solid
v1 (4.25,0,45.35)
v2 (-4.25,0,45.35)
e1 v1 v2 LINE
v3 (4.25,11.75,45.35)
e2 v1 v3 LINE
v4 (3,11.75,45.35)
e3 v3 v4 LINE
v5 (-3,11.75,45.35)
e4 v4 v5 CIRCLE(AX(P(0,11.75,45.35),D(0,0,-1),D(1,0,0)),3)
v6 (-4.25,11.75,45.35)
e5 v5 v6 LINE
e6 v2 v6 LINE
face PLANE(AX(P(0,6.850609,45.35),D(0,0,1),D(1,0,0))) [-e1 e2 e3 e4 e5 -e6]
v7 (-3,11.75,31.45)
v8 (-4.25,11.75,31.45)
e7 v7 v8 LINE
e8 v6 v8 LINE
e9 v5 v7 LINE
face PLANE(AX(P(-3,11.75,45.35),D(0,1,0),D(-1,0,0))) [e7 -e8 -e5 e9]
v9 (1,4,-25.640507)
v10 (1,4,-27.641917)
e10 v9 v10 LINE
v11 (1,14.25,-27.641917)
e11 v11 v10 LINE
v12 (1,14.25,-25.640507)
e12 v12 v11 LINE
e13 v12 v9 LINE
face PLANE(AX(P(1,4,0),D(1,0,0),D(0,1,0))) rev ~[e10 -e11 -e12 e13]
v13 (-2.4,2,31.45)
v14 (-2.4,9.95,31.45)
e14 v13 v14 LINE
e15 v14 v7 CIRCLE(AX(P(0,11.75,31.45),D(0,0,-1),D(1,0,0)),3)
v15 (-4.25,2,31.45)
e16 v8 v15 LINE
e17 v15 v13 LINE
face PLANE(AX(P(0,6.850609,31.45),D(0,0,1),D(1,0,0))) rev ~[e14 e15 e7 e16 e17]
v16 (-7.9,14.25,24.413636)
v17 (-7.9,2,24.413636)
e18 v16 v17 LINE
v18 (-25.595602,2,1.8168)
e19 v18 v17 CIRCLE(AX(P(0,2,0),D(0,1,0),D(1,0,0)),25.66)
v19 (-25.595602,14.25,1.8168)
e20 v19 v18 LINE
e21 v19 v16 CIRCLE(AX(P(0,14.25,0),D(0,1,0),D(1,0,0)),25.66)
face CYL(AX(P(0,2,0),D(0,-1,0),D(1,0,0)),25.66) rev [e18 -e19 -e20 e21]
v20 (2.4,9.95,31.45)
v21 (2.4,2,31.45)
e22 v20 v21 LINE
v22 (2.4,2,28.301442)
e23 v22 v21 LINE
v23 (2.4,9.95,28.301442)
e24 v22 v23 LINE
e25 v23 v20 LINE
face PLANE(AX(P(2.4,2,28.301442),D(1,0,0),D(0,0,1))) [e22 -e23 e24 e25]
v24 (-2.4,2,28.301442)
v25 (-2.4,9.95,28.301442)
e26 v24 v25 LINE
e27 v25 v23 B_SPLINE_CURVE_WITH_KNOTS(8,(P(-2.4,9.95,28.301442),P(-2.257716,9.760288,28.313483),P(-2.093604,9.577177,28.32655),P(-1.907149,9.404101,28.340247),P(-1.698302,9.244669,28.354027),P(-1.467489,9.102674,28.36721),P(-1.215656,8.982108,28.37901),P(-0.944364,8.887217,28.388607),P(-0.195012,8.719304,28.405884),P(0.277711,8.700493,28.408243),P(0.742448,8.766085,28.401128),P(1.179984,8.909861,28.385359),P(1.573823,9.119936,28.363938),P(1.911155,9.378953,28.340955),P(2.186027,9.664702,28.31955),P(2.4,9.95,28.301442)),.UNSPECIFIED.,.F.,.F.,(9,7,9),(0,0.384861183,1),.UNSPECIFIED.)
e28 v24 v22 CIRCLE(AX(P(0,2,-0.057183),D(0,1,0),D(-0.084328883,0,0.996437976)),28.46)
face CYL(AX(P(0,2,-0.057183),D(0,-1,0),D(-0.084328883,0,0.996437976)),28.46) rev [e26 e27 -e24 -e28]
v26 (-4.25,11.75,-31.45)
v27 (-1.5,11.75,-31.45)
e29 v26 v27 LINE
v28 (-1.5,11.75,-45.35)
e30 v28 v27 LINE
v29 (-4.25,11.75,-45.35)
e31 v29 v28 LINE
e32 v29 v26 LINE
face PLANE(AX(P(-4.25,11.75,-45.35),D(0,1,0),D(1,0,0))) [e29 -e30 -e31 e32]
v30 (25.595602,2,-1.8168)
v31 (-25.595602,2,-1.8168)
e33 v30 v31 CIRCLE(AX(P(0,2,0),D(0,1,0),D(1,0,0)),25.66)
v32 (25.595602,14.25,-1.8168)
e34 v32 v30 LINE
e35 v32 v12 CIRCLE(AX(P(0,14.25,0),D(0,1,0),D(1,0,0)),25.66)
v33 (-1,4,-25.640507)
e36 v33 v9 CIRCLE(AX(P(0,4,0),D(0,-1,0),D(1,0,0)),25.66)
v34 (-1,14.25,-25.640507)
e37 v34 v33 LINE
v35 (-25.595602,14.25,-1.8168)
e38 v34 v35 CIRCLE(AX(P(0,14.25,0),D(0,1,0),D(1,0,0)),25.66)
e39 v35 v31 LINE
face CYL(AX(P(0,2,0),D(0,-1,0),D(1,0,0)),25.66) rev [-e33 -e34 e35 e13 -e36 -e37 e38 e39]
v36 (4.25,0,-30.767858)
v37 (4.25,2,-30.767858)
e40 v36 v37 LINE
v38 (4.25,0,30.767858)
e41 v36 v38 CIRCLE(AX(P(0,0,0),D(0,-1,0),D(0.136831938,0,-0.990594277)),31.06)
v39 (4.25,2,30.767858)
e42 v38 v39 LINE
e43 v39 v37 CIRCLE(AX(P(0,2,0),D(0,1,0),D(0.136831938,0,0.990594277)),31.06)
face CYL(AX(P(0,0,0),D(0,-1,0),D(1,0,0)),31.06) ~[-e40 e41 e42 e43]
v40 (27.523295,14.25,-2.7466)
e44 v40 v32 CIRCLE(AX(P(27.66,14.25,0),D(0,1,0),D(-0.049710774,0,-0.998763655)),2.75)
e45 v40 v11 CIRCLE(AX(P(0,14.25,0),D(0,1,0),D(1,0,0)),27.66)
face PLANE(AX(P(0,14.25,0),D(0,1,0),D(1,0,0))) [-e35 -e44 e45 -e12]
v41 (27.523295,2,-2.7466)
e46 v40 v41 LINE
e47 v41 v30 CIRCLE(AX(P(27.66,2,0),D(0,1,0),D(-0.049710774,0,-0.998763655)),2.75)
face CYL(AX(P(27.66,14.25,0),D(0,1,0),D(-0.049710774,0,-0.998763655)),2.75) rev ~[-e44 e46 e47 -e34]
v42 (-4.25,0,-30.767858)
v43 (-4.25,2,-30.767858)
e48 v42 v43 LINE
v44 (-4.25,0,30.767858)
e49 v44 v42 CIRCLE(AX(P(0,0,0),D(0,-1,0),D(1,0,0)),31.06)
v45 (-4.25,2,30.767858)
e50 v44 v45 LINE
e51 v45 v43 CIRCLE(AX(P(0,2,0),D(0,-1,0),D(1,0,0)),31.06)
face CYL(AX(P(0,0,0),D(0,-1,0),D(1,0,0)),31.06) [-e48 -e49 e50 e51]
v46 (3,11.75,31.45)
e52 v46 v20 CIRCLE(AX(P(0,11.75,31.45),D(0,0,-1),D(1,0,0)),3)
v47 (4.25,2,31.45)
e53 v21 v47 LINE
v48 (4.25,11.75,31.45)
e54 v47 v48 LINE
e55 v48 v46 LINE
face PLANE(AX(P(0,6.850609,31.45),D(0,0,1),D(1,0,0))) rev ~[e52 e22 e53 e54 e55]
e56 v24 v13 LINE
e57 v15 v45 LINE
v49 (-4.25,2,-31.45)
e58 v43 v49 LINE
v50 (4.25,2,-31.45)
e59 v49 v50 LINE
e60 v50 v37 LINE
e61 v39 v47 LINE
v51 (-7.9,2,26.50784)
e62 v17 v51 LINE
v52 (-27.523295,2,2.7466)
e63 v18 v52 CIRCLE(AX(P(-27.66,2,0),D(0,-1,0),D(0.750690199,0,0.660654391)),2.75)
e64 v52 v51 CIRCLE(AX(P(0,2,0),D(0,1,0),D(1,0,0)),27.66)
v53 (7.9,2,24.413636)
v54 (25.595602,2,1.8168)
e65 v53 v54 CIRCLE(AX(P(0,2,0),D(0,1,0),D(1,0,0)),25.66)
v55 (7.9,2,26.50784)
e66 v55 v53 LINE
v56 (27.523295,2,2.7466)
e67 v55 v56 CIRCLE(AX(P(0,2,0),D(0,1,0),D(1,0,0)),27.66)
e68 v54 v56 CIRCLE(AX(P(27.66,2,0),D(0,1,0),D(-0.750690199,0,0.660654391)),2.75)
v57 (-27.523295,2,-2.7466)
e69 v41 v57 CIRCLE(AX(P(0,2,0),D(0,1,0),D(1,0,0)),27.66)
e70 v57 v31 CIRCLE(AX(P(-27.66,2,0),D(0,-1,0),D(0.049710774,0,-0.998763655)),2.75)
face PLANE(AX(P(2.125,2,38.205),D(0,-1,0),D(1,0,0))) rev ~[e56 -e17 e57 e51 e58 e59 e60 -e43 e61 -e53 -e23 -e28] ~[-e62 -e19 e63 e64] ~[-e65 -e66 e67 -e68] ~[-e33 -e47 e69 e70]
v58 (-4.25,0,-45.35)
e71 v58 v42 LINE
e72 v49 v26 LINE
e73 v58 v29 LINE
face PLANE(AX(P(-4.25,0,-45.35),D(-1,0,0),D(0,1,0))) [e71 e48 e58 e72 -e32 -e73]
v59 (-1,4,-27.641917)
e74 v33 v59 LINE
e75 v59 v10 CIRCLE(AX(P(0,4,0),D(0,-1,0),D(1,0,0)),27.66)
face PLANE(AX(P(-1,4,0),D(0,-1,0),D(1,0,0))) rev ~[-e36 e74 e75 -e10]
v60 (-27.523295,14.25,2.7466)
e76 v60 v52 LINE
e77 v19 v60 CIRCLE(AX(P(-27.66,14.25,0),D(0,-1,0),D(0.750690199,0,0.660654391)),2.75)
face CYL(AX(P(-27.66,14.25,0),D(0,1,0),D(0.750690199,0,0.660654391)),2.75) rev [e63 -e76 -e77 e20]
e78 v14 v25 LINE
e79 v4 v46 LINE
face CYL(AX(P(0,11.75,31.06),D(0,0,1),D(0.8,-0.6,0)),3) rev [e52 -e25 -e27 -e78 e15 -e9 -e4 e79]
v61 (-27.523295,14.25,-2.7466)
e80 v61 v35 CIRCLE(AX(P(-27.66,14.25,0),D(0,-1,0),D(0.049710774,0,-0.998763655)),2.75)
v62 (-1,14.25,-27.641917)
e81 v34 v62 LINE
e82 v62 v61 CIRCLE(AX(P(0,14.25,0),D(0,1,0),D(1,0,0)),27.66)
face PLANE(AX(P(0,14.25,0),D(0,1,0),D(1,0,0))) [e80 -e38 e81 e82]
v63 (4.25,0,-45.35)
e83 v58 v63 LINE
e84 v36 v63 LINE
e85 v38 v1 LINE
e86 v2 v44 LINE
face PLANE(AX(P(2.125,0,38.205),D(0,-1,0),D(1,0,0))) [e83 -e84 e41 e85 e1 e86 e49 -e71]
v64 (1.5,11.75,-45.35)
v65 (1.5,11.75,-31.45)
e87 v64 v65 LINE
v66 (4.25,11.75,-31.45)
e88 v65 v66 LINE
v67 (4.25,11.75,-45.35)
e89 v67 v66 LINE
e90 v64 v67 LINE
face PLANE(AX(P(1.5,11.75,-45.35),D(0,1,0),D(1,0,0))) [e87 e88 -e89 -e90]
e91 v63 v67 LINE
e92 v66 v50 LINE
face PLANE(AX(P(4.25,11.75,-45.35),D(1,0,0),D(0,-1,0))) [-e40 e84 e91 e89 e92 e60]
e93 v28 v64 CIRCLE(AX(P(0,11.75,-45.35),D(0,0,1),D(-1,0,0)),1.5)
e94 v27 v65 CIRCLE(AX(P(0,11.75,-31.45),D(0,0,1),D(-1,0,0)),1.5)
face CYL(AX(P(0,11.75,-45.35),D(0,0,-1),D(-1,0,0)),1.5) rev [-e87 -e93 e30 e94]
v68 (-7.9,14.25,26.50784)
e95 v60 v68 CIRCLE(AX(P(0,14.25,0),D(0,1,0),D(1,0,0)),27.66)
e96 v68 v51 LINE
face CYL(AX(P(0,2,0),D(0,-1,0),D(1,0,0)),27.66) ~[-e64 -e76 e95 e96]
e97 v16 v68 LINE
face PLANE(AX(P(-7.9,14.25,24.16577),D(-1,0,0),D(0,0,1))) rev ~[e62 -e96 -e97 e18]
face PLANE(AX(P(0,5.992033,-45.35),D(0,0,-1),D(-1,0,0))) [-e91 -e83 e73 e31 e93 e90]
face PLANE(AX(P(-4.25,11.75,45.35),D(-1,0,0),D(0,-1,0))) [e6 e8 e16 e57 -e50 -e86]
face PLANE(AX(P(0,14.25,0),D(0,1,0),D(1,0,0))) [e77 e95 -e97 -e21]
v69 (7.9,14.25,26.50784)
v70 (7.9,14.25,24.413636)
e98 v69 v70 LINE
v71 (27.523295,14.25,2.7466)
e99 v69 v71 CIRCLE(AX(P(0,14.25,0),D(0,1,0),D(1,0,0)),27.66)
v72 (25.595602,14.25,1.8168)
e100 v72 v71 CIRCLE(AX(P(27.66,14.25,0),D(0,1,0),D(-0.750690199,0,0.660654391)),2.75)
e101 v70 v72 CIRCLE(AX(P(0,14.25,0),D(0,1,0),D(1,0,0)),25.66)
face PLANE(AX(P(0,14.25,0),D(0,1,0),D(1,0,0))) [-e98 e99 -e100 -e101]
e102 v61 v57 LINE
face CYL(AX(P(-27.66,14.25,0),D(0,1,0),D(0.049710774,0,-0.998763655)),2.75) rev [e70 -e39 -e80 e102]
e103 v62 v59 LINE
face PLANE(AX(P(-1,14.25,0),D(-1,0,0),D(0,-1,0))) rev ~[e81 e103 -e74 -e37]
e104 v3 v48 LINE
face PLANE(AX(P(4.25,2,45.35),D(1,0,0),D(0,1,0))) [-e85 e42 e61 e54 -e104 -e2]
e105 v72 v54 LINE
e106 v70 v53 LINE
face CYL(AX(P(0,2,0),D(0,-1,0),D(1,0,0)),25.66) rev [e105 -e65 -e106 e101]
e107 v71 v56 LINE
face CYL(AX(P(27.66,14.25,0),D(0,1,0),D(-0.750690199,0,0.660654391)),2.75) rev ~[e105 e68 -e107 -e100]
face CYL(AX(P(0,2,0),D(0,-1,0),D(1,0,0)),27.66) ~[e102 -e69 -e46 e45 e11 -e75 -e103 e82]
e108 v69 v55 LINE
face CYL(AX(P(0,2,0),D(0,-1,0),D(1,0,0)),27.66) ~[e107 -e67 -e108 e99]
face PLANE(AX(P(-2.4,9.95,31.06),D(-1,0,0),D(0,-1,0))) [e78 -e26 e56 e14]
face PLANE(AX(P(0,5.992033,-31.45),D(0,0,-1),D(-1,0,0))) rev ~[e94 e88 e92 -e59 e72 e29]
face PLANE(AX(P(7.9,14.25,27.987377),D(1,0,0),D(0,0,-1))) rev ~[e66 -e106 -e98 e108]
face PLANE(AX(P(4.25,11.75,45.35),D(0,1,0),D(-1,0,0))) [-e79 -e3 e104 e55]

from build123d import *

# Parameters (mm, degrees)
SKETCH1_R                = 31.06
BOSS_EXTRUDE1_DEPTH      = 2
SKETCH2_R                = 27.66
SKETCH2_R_2              = 25.66
BOSS_EXTRUDE2_DEPTH      = 12.25
CUT_EXTRUDE1_DEPTH       = 12.25
CUT_EXTRUDE2_DEPTH       = 6.8
BOSS_EXTRUDE5_DEPTH      = 12.25
CUT_EXTRUDE3_DEPTH       = 7.6
SKETCH9_W                = 2
SKETCH9_H                = 2
SKETCH9_H_2              = 8.25
CUT_EXTRUDE4_DEPTH       = 32.06
CUT_EXTRUDE5_DEPTH       = 12.25
SKETCH12_W               = 4.25
SKETCH12_H               = 14.29
SKETCH12_R               = 31.06
BOSS_EXTRUDE7_DEPTH      = 2
BOSS_EXTRUDE8_DEPTH      = 13.9
BOSS_EXTRUDE9_DEPTH      = 2
BOSS_EXTRUDE9_DEPTH_BACK = 2
BOSS_EXTRUDE10_DEPTH     = 13.9


with BuildPart() as part:
    # Sketch1 → Boss-Extrude1 (new body)
    with BuildSketch(Plane(origin=(0, 0, 0), x_dir=(1, 0, 0), z_dir=(0, 1, 0))):
        Circle(SKETCH1_R)
    extrude(amount=BOSS_EXTRUDE1_DEPTH)

    # Sketch2 → Boss-Extrude2 (add)
    with BuildSketch(Plane(origin=(0, 2, 0), x_dir=(1, 0, 0), z_dir=(0, 1, 0))):
        Circle(SKETCH2_R)
        Circle(SKETCH2_R_2, mode=Mode.SUBTRACT)
    extrude(amount=BOSS_EXTRUDE2_DEPTH)

    # Sketch4 → Cut-Extrude1 (cut)
    with BuildSketch(Plane(origin=(0, 14.25, 0), x_dir=(1, 0, 0), z_dir=(0, 1, 0))):
        with BuildLine():
            ThreePointArc((25.66, 0), (25.643895434, -0.90897027), (25.595601952, -1.816799576))
            ThreePointArc((25.595601952, -1.816799576), (26.465284353, -2.476924408), (27.523295372, -2.746600052))
            ThreePointArc((27.523295372, -2.746600052), (27.625802703, -1.375), (27.66, 0))
            ThreePointArc((27.66, 0), (27.625802703, 1.375), (27.523295372, 2.746600052))
            ThreePointArc((27.523295372, 2.746600052), (26.465284353, 2.476924408), (25.595601952, 1.816799576))
            ThreePointArc((25.595601952, 1.816799576), (25.643895434, 0.90897027), (25.66, 0))
        make_face()
        with BuildLine():
            ThreePointArc((-25.595601952, 1.816799576), (-25.66, 0), (-25.595601952, -1.816799576))
            ThreePointArc((-25.595601952, -1.816799576), (-26.465284353, -2.476924408), (-27.523295372, -2.746600052))
            ThreePointArc((-27.523295372, -2.746600052), (-27.66, 0), (-27.523295372, 2.746600052))
            ThreePointArc((-27.523295372, 2.746600052), (-26.465284353, 2.476924408), (-25.595601952, 1.816799576))
        make_face()
    extrude(amount=-CUT_EXTRUDE1_DEPTH, mode=Mode.SUBTRACT)

    # Sketch5 → Cut-Extrude2 (cut)
    with BuildSketch(Plane(origin=(0, 14.25, 0), x_dir=(1, 0, 0), z_dir=(0, 1, 0))):
        with BuildLine():
            Line((0, -27.66), (0, -25.66))
            ThreePointArc((0, -25.66), (-1.502578344, -25.615968815), (-3, -25.484026369))
            Line((-3, -25.484026369), (-3, -27.496828908))
            ThreePointArc((-3, -27.496828908), (-1.502217095, -27.619177102), (0, -27.66))
        make_face()
        with BuildLine():
            ThreePointArc((3, -25.484026369), (1.502578344, -25.615968815), (0, -25.66))
            Line((0, -25.66), (0, -27.66))
            ThreePointArc((0, -27.66), (1.502217095, -27.619177102), (3, -27.496828908))
            Line((3, -27.496828908), (3, -25.484026369))
        make_face()
    extrude(amount=-CUT_EXTRUDE2_DEPTH, mode=Mode.SUBTRACT)

    # Sketch7 → Boss-Extrude5 (add)
    with BuildSketch(Plane(origin=(0, 2, 0), x_dir=(1, 0, 0), z_dir=(0, 1, 0))):
        with BuildLine():
            Line((2.4, -28.301441659), (2.4, -30.96713742))
            ThreePointArc((2.4, -30.96713742), (0, -31.06), (-2.4, -30.96713742))
            Line((-2.4, -30.96713742), (-2.4, -28.301441659))
            ThreePointArc((-2.4, -28.301441659), (0, -28.402816869), (2.4, -28.301441659))
        make_face()
    extrude(amount=BOSS_EXTRUDE5_DEPTH)

    # Sketch8 → Cut-Extrude3 (cut)
    with BuildSketch(Plane.XY.offset(31.06)):
        with BuildLine():
            ThreePointArc((2.4, 13.55), (2.059119927, 13.931748181), (1.658312395, 14.25))
            Line((1.658312395, 14.25), (-1.658312395, 14.25))
            ThreePointArc((-1.658312395, 14.25), (-2.059119927, 13.931748181), (-2.4, 13.55))
            Line((-2.4, 13.55), (-2.4, 11.75))
            Line((-2.4, 11.75), (2.4, 11.75))
            Line((2.4, 11.75), (2.4, 13.55))
        make_face()
        with BuildLine():
            ThreePointArc((3, 11.75), (2.846049894, 12.698683298), (2.4, 13.55))
            Line((2.4, 13.55), (2.4, 11.75))
            Line((2.4, 11.75), (2.4, 9.95))
            ThreePointArc((2.4, 9.95), (2.846049894, 10.801316702), (3, 11.75))
        make_face()
        with BuildLine():
            Line((2.4, 9.95), (2.4, 11.75))
            Line((2.4, 11.75), (-2.4, 11.75))
            Line((-2.4, 11.75), (-2.4, 9.95))
            ThreePointArc((-2.4, 9.95), (0, 8.75), (2.4, 9.95))
        make_face()
        with BuildLine():
            Line((-2.4, 11.75), (-2.4, 13.55))
            ThreePointArc((-2.4, 13.55), (-3, 11.75), (-2.4, 9.95))
            Line((-2.4, 9.95), (-2.4, 11.75))
        make_face()
        with BuildLine():
            Line((2.4, 13.55), (2.4, 14.25))
            Line((2.4, 14.25), (1.658312395, 14.25))
            ThreePointArc((1.658312395, 14.25), (2.059119927, 13.931748181), (2.4, 13.55))
        make_face()
        with BuildLine():
            ThreePointArc((-2.4, 13.55), (-2.059119927, 13.931748181), (-1.658312395, 14.25))
            Line((-1.658312395, 14.25), (-2.4, 14.25))
            Line((-2.4, 14.25), (-2.4, 13.55))
        make_face()
    extrude(amount=-CUT_EXTRUDE3_DEPTH, mode=Mode.SUBTRACT)

    # Sketch9 → Cut-Extrude4 (cut, through all)
    with BuildSketch(Plane.XY):
        with Locations((0, 5)):
            Rectangle(SKETCH9_W, SKETCH9_H)
        with Locations((0, 10.125)):
            Rectangle(SKETCH9_W, SKETCH9_H_2)
    extrude(amount=-CUT_EXTRUDE4_DEPTH, mode=Mode.SUBTRACT)

    # Sketch11 → Cut-Extrude5 (cut)
    with BuildSketch(Plane(origin=(0, 14.25, 0), x_dir=(1, 0, 0), z_dir=(0, 1, 0))):
        with BuildLine():
            ThreePointArc((3, -27.496828908), (5.472387467, -27.113254607), (7.9, -26.50784035))
            Line((7.9, -26.50784035), (7.9, -24.413635534))
            ThreePointArc((7.9, -24.413635534), (5.476215311, -25.068838542), (3, -25.484026369))
            Line((3, -25.484026369), (3, -27.496828908))
        make_face()
        with BuildLine():
            Line((-7.9, -26.50784035), (-7.9, -27.987377494))
            Line((-7.9, -27.987377494), (7.9, -27.987377494))
            Line((7.9, -27.987377494), (7.9, -26.50784035))
            ThreePointArc((7.9, -26.50784035), (5.472387467, -27.113254607), (3, -27.496828908))
            Line((3, -27.496828908), (3, -25.484026369))
            ThreePointArc((3, -25.484026369), (5.476215311, -25.068838542), (7.9, -24.413635534))
            Line((7.9, -24.413635534), (7.9, -24.165769621))
            Line((7.9, -24.165769621), (-7.9, -24.165769621))
            Line((-7.9, -24.165769621), (-7.9, -24.413635534))
            ThreePointArc((-7.9, -24.413635534), (-5.476215311, -25.068838542), (-3, -25.484026369))
            Line((-3, -25.484026369), (-3, -27.496828908))
            ThreePointArc((-3, -27.496828908), (-5.472387467, -27.113254607), (-7.9, -26.50784035))
        make_face()
        with BuildLine():
            Line((-7.9, -24.413635534), (-7.9, -26.50784035))
            ThreePointArc((-7.9, -26.50784035), (-5.472387467, -27.113254607), (-3, -27.496828908))
            Line((-3, -27.496828908), (-3, -25.484026369))
            ThreePointArc((-3, -25.484026369), (-5.476215311, -25.068838542), (-7.9, -24.413635534))
        make_face()
    extrude(amount=-CUT_EXTRUDE5_DEPTH, mode=Mode.SUBTRACT)

    # Sketch12 → Boss-Extrude7 (add)
    with BuildSketch(Plane.XZ):
        with Locations((2.125, 38.205)):
            Rectangle(SKETCH12_W, SKETCH12_H)
        with Locations((-2.125, 38.205)):
            Rectangle(SKETCH12_W, SKETCH12_H)
        with BuildLine():
            Line((4.25, 31.06), (0, 31.06))
            ThreePointArc((0, 31.06), (2.130014484, 30.986878486), (4.25, 30.767858229))
            Line((4.25, 30.767858229), (4.25, 31.06))
        make_face()
        with BuildLine():
            ThreePointArc((-4.25, 30.767858229), (-2.130014484, 30.986878486), (0, 31.06))
            Line((0, 31.06), (-4.25, 31.06))
            Line((-4.25, 31.06), (-4.25, 30.767858229))
        make_face()
        with Locations((2.125, -38.205)):
            Rectangle(SKETCH12_W, SKETCH12_H)
        with Locations((-2.125, -38.205)):
            Rectangle(SKETCH12_W, SKETCH12_H)
        with BuildLine():
            ThreePointArc((0, -31.06), (-2.130014484, -30.986878486), (-4.25, -30.767858229))
            Line((-4.25, -30.767858229), (-4.25, -31.06))
            Line((-4.25, -31.06), (0, -31.06))
        make_face()
        with BuildLine():
            Line((4.25, -31.06), (4.25, -30.767858229))
            ThreePointArc((4.25, -30.767858229), (2.130014484, -30.986878486), (0, -31.06))
            Line((0, -31.06), (4.25, -31.06))
        make_face()
        Circle(SKETCH12_R)
    extrude(amount=-BOSS_EXTRUDE7_DEPTH)

    # Sketch13 → Boss-Extrude8 (add)
    with BuildSketch(Plane.XY.offset(45.35)):
        with BuildLine():
            Line((-3, 11.75), (-4.25, 11.75))
            Line((-4.25, 11.75), (-4.25, 2))
            Line((-4.25, 2), (4.25, 2))
            Line((4.25, 2), (4.25, 11.75))
            Line((4.25, 11.75), (3, 11.75))
            ThreePointArc((3, 11.75), (0, 8.75), (-3, 11.75))
        make_face()
    extrude(amount=-BOSS_EXTRUDE8_DEPTH)

    # Sketch14 → Boss-Extrude9 (add, two sides)
    with BuildSketch(Plane.XY.offset(31.06)) as boss_extrude9_sk:
        with BuildLine():
            Line((-2.4, 2), (2.4, 2))
            Line((2.4, 2), (2.4, 9.95))
            ThreePointArc((2.4, 9.95), (0, 8.75), (-2.4, 9.95))
            Line((-2.4, 9.95), (-2.4, 2))
        make_face()
    extrude(amount=BOSS_EXTRUDE9_DEPTH)
    extrude(boss_extrude9_sk.sketch, amount=-BOSS_EXTRUDE9_DEPTH_BACK)

    # Sketch15 → Boss-Extrude10 (add)
    with BuildSketch(Plane(origin=(0, 0, -45.35), x_dir=(-1, 0, 0), z_dir=(0, 0, -1))):
        with BuildLine():
            Line((-1.5, 11.75), (-4.25, 11.75))
            Line((-4.25, 11.75), (-4.25, 0))
            Line((-4.25, 0), (4.25, 0))
            Line((4.25, 0), (4.25, 11.75))
            Line((4.25, 11.75), (1.5, 11.75))
            ThreePointArc((1.5, 11.75), (0, 10.25), (-1.5, 11.75))
        make_face()
    extrude(amount=-BOSS_EXTRUDE10_DEPTH)


solid = part.part
